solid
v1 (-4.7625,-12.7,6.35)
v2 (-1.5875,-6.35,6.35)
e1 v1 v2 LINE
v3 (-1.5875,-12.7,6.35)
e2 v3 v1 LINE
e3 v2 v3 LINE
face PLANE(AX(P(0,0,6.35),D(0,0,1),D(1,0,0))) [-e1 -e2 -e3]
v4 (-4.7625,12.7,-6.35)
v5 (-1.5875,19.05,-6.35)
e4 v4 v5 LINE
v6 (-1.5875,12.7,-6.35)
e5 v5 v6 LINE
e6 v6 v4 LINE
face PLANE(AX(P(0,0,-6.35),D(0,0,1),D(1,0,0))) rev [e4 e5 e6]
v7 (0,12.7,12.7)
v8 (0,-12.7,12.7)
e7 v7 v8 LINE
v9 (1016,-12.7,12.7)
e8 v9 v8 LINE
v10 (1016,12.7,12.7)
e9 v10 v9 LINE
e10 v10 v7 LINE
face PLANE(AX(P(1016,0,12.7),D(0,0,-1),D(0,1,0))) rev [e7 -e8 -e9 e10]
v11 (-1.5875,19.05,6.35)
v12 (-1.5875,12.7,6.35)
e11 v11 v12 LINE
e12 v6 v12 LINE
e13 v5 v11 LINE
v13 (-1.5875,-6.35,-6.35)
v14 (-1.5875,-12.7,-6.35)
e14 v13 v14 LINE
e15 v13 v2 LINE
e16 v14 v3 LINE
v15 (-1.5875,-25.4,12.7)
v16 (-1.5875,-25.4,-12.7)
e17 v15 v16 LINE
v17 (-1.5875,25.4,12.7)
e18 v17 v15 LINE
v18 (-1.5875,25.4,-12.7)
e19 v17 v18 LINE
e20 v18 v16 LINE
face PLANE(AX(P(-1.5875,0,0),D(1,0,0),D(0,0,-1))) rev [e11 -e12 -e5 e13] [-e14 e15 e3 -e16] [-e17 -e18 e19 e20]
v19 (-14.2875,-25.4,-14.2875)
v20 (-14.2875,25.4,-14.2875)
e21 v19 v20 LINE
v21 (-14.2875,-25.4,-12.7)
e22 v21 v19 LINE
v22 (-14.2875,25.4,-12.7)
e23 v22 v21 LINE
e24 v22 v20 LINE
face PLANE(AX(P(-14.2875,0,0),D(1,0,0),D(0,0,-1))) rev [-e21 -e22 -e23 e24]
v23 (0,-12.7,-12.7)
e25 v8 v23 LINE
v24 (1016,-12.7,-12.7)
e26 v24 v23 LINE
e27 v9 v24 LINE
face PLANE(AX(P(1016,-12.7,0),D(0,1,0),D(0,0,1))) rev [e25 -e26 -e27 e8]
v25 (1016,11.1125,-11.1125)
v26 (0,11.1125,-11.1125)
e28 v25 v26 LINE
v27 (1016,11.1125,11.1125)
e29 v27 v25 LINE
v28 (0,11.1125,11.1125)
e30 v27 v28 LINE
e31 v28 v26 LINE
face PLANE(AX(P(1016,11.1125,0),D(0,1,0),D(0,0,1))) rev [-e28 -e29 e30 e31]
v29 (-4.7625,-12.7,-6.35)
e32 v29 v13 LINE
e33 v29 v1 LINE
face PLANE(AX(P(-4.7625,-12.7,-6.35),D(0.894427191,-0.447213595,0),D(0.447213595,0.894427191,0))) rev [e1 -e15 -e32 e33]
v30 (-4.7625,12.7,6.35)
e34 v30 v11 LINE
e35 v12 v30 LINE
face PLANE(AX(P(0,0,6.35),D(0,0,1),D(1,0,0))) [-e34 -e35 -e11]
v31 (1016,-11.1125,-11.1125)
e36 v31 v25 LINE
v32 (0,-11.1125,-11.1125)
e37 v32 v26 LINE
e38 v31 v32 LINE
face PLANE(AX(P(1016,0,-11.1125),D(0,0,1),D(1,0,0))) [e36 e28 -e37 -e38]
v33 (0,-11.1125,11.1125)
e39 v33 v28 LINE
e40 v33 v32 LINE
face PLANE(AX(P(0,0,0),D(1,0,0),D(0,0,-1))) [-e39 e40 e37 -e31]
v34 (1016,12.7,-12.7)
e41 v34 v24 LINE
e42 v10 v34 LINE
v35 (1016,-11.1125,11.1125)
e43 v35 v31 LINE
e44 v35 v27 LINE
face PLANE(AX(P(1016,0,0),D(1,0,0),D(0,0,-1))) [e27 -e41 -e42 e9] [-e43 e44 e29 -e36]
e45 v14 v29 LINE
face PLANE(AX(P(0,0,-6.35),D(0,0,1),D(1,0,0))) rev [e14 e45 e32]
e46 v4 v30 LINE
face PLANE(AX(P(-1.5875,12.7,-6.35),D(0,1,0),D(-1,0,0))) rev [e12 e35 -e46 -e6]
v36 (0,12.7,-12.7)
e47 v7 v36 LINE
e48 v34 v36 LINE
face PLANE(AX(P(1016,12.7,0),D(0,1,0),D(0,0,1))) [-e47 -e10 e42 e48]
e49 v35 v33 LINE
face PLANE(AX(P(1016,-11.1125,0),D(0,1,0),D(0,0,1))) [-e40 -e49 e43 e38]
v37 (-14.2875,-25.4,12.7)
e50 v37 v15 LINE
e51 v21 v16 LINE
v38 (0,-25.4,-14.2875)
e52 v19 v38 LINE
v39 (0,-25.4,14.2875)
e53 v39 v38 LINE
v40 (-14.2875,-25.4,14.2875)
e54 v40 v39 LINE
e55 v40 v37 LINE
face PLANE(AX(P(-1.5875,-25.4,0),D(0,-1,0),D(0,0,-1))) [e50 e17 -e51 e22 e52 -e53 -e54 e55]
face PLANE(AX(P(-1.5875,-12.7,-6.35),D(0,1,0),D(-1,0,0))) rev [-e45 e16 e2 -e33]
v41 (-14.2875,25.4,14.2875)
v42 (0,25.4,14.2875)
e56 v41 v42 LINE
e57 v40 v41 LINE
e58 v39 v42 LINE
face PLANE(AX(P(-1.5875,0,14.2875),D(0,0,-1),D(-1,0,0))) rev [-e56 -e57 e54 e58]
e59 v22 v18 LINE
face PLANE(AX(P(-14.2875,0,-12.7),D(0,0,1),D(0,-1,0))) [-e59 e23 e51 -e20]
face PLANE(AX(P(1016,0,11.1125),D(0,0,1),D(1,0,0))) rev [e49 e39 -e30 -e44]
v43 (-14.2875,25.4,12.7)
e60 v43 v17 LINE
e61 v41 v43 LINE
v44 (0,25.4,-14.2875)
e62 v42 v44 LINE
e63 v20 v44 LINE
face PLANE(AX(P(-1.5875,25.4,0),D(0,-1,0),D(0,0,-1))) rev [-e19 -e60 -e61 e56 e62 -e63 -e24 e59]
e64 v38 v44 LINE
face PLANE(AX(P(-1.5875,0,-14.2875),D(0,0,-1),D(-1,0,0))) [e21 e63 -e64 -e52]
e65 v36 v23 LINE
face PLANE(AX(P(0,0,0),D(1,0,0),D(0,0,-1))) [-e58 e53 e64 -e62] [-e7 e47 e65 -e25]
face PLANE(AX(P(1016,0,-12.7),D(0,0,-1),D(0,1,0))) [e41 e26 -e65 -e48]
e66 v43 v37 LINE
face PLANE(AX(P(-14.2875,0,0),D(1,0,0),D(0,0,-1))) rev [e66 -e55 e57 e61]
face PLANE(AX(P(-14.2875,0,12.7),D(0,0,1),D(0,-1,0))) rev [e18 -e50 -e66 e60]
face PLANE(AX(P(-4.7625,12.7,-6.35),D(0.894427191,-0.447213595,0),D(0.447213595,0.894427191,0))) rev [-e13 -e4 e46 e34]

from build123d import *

# Parameters (mm, degrees)
SKETCH1_W           = 28.575
SKETCH1_H           = 50.8
BOSS_EXTRUDE1_DEPTH = 1.5875
BOSS_EXTRUDE2_DEPTH = 14.2875
SKETCH1_4_W         = 25.4
SKETCH1_4_H         = 25.4
SKETCH1_4_W_2       = 22.225
SKETCH1_4_H_2       = 22.225
BOSS_EXTRUDE3_DEPTH = 1016
BOSS_EXTRUDE4_DEPTH = 12.7
LPATTERN1_COUNT     = 2
LPATTERN1_PITCH     = 25.4


with BuildPart() as part:
    # Sketch1 → Boss-Extrude1 (new body)
    with BuildSketch(Plane(origin=(0, 0, 0), x_dir=(0, 0, -1), z_dir=(1, 0, 0))):
        Rectangle(SKETCH1_W, SKETCH1_H)
    extrude(amount=-BOSS_EXTRUDE1_DEPTH)

    # Sketch1<3> → Boss-Extrude2 (add)
    with BuildSketch(Plane(origin=(0, 0, 0), x_dir=(0, 0, -1), z_dir=(1, 0, 0))):
        Polygon((-12.7, 12.7), (-12.7, 25.4), (-14.2875, 25.4), (-14.2875, -25.4), (-12.7, -25.4), (-12.7, -12.7), align=None)
        Polygon((14.2875, 25.4), (12.7, 25.4), (12.7, 12.7), (12.7, -12.7), (12.7, -25.4), (14.2875, -25.4), align=None)
    extrude(amount=-BOSS_EXTRUDE2_DEPTH)

    # Sketch1<4> → Boss-Extrude3 (add)
    with BuildSketch(Plane(origin=(0, 0, 0), x_dir=(0, 0, -1), z_dir=(1, 0, 0))):
        Rectangle(SKETCH1_4_W, SKETCH1_4_H)
        Rectangle(SKETCH1_4_W_2, SKETCH1_4_H_2, mode=Mode.SUBTRACT)
    extrude(amount=BOSS_EXTRUDE3_DEPTH)

    # 3DSketch1 → Boss-Extrude4 (add)
    with BuildSketch(Plane(origin=(-1.5875, 12.7, -6.35), x_dir=(0, 1, 0), z_dir=(0, 0, 1))):
        Polygon((0, 0), (0, 3.175), (6.35, 0), align=None)
    boss_extrude4 = extrude(amount=BOSS_EXTRUDE4_DEPTH)

    # LPattern1: Boss-Extrude4 ×2
    with Locations(*[(0, -i * LPATTERN1_PITCH, 0) for i in range(1, LPATTERN1_COUNT)]):
        add(boss_extrude4)


solid = part.part
